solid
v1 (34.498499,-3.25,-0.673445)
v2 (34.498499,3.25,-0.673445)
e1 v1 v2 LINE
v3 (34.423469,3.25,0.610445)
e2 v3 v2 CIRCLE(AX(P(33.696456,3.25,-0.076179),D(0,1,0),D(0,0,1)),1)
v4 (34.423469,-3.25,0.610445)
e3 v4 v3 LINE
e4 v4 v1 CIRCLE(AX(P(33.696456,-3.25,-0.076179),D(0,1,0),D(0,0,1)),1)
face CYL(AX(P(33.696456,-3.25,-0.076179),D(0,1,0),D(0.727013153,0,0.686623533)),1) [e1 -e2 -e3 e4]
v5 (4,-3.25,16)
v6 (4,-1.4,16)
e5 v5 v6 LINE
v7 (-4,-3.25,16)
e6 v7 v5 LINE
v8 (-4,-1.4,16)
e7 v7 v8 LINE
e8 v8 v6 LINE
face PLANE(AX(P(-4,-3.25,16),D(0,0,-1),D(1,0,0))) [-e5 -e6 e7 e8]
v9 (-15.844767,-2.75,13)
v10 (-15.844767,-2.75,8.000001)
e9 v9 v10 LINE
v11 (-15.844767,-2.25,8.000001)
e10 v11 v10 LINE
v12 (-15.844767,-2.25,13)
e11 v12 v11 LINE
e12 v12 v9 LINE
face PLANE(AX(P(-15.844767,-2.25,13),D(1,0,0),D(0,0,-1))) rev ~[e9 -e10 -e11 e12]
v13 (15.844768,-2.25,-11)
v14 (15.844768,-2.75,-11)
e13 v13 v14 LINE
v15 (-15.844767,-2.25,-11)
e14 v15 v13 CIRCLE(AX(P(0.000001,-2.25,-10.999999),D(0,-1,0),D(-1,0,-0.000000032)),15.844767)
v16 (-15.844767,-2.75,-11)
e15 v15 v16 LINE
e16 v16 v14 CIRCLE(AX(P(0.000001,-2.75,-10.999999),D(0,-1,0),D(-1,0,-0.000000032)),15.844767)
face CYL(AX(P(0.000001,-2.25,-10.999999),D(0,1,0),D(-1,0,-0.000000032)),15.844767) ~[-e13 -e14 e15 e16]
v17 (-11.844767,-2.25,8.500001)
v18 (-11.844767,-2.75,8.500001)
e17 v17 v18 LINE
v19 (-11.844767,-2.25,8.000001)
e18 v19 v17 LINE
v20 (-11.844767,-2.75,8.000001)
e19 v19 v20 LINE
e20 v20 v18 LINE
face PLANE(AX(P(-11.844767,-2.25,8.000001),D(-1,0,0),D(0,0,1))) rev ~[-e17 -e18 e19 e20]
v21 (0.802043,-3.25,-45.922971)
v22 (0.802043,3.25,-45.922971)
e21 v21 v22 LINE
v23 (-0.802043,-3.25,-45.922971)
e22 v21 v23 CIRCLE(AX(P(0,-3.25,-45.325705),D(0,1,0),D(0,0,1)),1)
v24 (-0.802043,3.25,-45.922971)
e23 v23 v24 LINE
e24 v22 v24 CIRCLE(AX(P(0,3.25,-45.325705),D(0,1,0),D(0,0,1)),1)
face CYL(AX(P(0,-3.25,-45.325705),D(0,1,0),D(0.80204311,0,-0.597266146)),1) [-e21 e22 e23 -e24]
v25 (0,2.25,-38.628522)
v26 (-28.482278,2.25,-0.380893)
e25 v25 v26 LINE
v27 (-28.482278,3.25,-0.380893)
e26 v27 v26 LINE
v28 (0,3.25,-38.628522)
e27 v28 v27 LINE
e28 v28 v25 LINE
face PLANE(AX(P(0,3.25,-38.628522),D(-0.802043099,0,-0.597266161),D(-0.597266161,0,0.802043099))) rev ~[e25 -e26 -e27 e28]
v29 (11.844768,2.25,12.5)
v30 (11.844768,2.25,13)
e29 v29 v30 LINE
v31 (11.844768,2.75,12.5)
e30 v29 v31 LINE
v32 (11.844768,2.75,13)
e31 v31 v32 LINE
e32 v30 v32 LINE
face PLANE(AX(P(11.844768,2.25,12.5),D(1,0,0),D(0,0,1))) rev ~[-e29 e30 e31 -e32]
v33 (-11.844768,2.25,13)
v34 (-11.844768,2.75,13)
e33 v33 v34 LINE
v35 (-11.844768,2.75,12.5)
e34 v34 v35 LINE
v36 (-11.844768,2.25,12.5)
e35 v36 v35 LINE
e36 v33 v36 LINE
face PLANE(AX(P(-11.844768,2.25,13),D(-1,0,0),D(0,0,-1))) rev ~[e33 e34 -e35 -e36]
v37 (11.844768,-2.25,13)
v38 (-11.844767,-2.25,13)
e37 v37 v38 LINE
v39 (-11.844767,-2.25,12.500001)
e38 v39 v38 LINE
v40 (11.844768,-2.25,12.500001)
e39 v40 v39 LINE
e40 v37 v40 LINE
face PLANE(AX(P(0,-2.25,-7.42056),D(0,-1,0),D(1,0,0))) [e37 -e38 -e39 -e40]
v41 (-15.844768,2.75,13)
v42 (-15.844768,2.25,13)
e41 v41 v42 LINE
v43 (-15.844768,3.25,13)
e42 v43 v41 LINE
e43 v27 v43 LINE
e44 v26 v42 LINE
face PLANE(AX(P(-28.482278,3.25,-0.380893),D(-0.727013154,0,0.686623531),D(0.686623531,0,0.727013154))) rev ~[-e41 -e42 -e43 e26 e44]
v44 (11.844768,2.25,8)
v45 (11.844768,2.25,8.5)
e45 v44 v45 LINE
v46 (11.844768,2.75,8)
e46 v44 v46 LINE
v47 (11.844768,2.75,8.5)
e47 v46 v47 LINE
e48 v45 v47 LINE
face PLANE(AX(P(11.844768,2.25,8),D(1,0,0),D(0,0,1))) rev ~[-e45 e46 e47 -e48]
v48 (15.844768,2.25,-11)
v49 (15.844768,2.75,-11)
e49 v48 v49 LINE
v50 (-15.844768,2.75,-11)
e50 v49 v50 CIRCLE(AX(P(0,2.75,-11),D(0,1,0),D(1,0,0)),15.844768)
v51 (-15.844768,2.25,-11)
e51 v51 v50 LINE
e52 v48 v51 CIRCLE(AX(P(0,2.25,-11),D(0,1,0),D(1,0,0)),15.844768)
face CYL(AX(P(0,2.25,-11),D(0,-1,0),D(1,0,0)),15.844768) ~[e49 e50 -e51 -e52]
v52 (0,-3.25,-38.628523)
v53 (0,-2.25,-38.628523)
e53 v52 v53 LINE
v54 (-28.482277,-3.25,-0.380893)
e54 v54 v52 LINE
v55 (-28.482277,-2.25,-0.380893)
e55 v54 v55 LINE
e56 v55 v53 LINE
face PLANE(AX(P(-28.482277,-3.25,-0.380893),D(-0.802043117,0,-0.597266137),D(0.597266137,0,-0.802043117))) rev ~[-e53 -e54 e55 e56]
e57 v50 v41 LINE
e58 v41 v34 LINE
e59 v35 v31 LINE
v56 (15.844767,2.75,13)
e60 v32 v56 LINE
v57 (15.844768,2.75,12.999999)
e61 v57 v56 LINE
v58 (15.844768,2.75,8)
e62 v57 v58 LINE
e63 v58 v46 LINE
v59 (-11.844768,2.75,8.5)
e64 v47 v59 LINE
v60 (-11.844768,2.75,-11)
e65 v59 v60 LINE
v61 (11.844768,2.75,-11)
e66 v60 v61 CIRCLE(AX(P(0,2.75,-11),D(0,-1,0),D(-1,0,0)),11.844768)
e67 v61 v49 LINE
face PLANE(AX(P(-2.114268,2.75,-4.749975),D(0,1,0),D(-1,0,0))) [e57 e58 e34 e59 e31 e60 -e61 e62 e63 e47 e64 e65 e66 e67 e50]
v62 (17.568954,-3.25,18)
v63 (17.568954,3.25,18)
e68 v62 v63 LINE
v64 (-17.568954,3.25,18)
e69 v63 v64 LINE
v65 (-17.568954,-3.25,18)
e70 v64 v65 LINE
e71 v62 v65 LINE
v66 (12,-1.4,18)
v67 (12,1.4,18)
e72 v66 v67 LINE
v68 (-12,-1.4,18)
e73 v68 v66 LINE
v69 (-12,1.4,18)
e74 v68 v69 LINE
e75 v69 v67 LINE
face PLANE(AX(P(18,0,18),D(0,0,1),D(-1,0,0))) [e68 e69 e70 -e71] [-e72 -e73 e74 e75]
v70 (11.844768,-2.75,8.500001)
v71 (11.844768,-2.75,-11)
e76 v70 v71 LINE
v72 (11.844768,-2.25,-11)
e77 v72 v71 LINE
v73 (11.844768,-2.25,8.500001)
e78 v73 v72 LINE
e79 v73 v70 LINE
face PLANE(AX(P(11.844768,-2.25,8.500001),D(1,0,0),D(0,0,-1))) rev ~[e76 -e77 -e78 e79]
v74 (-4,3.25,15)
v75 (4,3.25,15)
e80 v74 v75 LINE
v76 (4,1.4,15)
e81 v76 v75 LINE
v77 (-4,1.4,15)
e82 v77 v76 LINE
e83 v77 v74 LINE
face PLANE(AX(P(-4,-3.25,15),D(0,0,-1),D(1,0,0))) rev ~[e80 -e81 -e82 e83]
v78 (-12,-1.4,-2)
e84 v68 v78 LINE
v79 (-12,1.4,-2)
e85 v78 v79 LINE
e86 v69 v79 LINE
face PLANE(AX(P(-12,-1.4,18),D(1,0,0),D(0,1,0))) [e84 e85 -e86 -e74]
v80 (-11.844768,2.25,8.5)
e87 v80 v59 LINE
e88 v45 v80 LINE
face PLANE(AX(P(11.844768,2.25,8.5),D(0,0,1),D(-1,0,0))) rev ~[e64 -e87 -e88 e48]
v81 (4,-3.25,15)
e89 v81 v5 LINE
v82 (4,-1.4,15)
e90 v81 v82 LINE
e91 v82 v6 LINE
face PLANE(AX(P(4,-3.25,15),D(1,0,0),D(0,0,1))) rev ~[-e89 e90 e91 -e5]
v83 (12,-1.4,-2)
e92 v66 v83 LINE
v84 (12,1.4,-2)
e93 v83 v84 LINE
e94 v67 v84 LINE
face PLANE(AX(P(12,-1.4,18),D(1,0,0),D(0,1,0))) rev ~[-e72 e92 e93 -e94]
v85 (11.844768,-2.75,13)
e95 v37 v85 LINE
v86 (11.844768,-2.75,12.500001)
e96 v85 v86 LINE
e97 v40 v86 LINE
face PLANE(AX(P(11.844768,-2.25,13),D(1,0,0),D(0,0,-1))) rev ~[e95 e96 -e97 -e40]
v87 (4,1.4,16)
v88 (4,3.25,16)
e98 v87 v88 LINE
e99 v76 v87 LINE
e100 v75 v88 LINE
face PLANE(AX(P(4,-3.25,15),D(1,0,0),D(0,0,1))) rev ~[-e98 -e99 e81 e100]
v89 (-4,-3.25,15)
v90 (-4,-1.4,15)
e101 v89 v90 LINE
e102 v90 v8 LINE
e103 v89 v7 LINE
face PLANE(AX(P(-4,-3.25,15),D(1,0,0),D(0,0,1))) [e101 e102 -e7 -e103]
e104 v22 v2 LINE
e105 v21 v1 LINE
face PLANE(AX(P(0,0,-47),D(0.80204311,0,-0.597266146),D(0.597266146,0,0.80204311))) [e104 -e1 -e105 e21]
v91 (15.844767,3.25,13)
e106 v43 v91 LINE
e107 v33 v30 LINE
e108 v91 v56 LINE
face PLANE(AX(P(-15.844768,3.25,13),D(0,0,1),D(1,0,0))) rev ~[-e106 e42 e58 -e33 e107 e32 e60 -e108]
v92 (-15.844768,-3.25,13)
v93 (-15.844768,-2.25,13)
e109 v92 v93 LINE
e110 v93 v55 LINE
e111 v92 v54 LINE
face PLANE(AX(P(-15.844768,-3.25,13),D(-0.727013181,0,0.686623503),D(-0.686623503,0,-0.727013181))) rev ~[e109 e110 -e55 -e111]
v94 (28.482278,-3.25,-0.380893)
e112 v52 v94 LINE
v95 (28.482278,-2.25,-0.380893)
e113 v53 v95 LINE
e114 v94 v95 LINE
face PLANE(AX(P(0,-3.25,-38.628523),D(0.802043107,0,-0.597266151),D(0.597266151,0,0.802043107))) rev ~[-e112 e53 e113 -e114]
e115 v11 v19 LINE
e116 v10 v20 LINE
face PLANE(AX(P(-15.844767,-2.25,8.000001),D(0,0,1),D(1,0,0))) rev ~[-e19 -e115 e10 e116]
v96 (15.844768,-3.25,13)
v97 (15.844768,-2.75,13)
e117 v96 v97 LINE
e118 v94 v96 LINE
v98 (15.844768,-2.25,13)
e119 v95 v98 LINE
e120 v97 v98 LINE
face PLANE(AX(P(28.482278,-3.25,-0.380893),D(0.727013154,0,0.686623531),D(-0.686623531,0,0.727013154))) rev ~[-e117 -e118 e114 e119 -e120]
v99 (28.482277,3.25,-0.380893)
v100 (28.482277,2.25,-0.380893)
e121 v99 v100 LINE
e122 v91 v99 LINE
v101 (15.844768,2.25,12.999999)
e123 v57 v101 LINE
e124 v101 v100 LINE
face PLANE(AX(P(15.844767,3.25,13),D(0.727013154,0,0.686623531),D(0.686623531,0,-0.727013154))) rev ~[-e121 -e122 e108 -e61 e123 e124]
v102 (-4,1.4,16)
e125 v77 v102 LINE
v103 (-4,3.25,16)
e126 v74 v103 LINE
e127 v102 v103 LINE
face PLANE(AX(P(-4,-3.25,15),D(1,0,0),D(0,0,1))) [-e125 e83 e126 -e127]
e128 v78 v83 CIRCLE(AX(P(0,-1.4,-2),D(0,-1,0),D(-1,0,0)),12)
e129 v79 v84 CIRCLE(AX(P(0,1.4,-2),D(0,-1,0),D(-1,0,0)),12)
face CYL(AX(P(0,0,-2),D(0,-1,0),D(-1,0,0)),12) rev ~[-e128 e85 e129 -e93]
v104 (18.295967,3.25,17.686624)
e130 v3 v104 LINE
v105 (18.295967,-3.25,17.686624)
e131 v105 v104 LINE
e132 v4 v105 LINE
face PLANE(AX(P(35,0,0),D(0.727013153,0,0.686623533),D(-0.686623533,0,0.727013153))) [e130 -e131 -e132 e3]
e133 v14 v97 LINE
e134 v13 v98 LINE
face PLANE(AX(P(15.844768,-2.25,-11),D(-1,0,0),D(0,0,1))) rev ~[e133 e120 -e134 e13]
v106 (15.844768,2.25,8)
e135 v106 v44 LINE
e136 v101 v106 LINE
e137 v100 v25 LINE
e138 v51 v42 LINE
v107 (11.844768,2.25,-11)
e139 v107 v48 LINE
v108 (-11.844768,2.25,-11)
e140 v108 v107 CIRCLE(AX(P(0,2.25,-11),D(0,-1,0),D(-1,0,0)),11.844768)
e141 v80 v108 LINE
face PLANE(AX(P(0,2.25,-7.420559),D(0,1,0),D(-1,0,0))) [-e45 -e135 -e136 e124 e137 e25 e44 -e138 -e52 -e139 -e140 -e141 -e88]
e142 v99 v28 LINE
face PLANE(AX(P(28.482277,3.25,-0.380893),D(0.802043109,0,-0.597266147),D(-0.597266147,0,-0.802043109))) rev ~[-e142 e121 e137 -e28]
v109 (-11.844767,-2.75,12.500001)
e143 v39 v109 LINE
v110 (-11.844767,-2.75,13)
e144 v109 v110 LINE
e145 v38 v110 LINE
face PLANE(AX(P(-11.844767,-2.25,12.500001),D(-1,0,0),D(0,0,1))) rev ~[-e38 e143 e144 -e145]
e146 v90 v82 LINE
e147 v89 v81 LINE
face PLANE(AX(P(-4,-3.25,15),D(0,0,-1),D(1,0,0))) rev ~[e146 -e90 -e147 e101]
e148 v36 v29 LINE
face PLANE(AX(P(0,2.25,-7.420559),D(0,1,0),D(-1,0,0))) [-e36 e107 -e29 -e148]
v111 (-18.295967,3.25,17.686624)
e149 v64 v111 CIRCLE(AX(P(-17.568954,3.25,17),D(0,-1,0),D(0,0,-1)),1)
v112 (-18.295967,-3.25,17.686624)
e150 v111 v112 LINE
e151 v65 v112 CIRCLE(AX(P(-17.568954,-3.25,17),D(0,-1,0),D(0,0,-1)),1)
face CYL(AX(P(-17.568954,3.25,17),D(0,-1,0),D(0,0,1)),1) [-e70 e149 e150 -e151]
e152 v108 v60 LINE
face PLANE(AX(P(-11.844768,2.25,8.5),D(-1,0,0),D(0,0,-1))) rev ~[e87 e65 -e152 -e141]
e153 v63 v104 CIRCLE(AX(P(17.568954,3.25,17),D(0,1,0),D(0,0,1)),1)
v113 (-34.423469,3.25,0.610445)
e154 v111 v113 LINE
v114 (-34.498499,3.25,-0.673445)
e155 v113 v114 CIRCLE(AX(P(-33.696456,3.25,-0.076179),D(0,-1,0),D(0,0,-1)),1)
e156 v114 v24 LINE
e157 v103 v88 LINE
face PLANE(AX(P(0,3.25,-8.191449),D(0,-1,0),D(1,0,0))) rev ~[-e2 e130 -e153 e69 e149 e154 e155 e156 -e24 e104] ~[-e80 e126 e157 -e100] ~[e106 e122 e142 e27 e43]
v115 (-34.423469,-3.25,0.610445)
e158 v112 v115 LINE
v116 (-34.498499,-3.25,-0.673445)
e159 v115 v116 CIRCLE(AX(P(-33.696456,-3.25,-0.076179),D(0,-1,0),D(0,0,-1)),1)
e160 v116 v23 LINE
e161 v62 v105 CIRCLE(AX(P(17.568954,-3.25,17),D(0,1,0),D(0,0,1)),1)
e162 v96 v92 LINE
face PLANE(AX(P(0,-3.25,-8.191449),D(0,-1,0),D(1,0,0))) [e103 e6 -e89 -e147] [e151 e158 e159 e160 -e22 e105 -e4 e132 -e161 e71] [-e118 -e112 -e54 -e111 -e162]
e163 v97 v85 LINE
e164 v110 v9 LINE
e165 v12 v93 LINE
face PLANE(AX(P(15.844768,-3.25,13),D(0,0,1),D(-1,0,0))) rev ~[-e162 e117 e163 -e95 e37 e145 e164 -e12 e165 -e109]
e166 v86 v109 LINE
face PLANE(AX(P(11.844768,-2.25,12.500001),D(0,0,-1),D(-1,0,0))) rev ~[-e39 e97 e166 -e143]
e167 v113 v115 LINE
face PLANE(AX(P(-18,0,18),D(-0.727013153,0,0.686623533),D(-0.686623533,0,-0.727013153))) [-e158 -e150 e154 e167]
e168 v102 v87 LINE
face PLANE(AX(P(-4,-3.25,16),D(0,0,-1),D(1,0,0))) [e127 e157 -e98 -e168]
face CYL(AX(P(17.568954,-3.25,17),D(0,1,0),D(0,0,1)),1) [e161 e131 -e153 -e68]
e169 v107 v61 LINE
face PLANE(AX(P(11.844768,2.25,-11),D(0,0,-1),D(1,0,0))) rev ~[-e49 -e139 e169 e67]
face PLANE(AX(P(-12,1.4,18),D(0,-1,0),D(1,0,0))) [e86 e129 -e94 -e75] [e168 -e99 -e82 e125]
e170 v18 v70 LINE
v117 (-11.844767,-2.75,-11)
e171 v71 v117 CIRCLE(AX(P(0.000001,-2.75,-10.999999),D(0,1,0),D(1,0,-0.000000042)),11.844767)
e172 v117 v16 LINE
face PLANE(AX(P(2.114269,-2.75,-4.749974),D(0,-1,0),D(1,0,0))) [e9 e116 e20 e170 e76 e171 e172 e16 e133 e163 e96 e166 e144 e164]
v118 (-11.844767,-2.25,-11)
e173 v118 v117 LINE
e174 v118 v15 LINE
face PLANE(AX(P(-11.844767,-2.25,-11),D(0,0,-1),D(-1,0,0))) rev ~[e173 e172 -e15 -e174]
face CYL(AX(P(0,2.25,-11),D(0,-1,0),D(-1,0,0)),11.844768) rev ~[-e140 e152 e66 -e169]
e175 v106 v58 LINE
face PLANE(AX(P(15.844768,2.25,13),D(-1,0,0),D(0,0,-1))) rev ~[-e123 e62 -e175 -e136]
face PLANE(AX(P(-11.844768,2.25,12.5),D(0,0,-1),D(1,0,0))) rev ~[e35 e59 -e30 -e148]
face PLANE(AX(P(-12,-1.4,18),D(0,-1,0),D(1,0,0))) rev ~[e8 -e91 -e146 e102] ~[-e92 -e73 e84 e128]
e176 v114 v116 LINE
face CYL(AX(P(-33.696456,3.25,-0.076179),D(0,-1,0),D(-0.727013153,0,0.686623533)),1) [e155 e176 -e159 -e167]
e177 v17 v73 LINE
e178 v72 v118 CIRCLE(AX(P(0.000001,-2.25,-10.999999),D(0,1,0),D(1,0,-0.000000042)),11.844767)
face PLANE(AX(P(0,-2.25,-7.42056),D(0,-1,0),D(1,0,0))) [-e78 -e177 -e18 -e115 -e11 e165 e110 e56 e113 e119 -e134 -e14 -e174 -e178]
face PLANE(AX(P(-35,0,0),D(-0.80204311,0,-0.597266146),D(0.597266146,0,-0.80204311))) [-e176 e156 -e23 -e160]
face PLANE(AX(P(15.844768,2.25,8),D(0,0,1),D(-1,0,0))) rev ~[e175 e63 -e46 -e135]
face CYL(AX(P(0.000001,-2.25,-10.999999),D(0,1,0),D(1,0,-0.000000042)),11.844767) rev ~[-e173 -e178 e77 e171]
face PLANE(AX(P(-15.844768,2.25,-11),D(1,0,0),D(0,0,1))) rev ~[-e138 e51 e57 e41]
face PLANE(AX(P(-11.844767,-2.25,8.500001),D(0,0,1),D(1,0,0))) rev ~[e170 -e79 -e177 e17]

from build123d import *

# Parameters (mm, degrees)
F1_DEPTH  = 3.25
F3_DEPTH  = 1
F5_DEPTH  = 1
F7_DEPTH  = 0.5
F9_DEPTH  = 0.5
F10_W     = 24
F10_H     = 2.8
F11_DEPTH = 20
F13_DEPTH = 1.4
F14_W     = 8
F14_H     = 1
F15_DEPTH = 25
F16_R     = 1


with BuildPart() as f1:
    # F0 (on Front) → F1 (new body, symmetric)
    with BuildSketch(Plane.XZ):
        Polygon((18, 18), (0, 18), (-18, 18), (-35, 0), (0, -47), (35, 0), align=None)
    extrude(amount=F1_DEPTH, both=True)

    # F2 (on face) → F3 (cut)
    with BuildSketch(Plane.XZ.offset(3.25)):
        Polygon((15.844768, 13), (-15.844768, 13), (-28.482277, -0.380893), (0, -38.628523), (28.482278, -0.380893), align=None)
    extrude(amount=-F3_DEPTH, mode=Mode.SUBTRACT)

    # F4 (on face) → F5 (cut)
    with BuildSketch(Plane(origin=(0, 3.25, 0), x_dir=(-1, 0, 0), z_dir=(0, 1, 0))):
        Polygon((28.482278, -0.380893), (15.844768, 13), (-15.844767, 13), (-28.482277, -0.380893), (0, -38.628522), align=None)
    extrude(amount=-F5_DEPTH, mode=Mode.SUBTRACT)

    # F6 (on face) → F7 (join)
    with BuildSketch(Plane(origin=(0, 2.25, 0), x_dir=(-1, 0, 0), z_dir=(0, 1, 0))):
        with BuildLine():
            Line((15.844768, 13), (11.844768, 13))
            Line((11.844768, 13), (11.844768, 12.5))
            Line((11.844768, 12.5), (-11.844768, 12.5))
            Line((-11.844768, 12.5), (-11.844768, 13))
            Line((-11.844768, 13), (-15.844768, 13))
            Line((-15.844768, 13), (-15.844768, 8))
            Line((-15.844768, 8), (-11.844768, 8))
            Line((-11.844768, 8), (-11.844768, 8.5))
            Line((-11.844768, 8.5), (11.844768, 8.5))
            Line((11.844768, 8.5), (11.844768, -11))
            ThreePointArc((11.844768, -11), (0, -22.844768), (-11.844768, -11))
            Line((-11.844768, -11), (-15.844768, -11))
            ThreePointArc((-15.844768, -11), (0, -26.844768), (15.844768, -11))
            Line((15.844768, -11), (15.844768, 13))
        make_face()
    extrude(amount=F7_DEPTH)

    # F8 (on face) → F9 (join)
    with BuildSketch(Plane.XZ.offset(2.25)):
        with BuildLine():
            Line((15.844768, 13), (11.844768, 13))
            Line((11.844768, 13), (11.844768, 12.500001))
            Line((11.844768, 12.500001), (-11.844767, 12.500001))
            Line((-11.844767, 12.500001), (-11.844767, 13))
            Line((-11.844767, 13), (-15.844767, 13))
            Line((-15.844767, 13), (-15.844767, 8.000001))
            Line((-15.844767, 8.000001), (-11.844767, 8.000001))
            Line((-11.844767, 8.000001), (-11.844767, 8.500001))
            Line((-11.844767, 8.500001), (11.844768, 8.500001))
            Line((11.844768, 8.500001), (11.844768, -11))
            ThreePointArc((11.844768, -11), (0, -22.844767), (-11.844767, -11))
            Line((-11.844767, -11), (-15.844767, -11))
            ThreePointArc((-15.844767, -11), (0, -26.844767), (15.844768, -11))
            Line((15.844768, -11), (15.844768, 13))
        make_face()
    extrude(amount=F9_DEPTH)

    # F10 (on face) → F11 (cut)
    with BuildSketch(Plane.XY.offset(18)):
        Rectangle(F10_W, F10_H)
    extrude(amount=-F11_DEPTH, mode=Mode.SUBTRACT)

    # F12 (on Front) → F13 (cut, symmetric)
    with BuildSketch(Plane.XZ):
        with BuildLine():
            Line((12, -2), (-12, -2))
            ThreePointArc((-12, -2), (0, -14), (12, -2))
        make_face()
    extrude(amount=F13_DEPTH, both=True, mode=Mode.SUBTRACT)

    # F14 (on face) → F15 (cut)
    with BuildSketch(Plane.XZ.offset(3.25)):
        with Locations((0, 15.5)):
            Rectangle(F14_W, F14_H)
    extrude(amount=-F15_DEPTH, mode=Mode.SUBTRACT)

    # F16
    f16_edges = [f1.edges().sort_by_distance(p)[0] for p in [
        (0, 0, -47),
        (35, 0, 0),
        (-35, 0, 0),
        (-18, 0, 18),
        (18, 0, 18),
    ]]
    fillet(f16_edges, radius=F16_R)


solid = f1.part
